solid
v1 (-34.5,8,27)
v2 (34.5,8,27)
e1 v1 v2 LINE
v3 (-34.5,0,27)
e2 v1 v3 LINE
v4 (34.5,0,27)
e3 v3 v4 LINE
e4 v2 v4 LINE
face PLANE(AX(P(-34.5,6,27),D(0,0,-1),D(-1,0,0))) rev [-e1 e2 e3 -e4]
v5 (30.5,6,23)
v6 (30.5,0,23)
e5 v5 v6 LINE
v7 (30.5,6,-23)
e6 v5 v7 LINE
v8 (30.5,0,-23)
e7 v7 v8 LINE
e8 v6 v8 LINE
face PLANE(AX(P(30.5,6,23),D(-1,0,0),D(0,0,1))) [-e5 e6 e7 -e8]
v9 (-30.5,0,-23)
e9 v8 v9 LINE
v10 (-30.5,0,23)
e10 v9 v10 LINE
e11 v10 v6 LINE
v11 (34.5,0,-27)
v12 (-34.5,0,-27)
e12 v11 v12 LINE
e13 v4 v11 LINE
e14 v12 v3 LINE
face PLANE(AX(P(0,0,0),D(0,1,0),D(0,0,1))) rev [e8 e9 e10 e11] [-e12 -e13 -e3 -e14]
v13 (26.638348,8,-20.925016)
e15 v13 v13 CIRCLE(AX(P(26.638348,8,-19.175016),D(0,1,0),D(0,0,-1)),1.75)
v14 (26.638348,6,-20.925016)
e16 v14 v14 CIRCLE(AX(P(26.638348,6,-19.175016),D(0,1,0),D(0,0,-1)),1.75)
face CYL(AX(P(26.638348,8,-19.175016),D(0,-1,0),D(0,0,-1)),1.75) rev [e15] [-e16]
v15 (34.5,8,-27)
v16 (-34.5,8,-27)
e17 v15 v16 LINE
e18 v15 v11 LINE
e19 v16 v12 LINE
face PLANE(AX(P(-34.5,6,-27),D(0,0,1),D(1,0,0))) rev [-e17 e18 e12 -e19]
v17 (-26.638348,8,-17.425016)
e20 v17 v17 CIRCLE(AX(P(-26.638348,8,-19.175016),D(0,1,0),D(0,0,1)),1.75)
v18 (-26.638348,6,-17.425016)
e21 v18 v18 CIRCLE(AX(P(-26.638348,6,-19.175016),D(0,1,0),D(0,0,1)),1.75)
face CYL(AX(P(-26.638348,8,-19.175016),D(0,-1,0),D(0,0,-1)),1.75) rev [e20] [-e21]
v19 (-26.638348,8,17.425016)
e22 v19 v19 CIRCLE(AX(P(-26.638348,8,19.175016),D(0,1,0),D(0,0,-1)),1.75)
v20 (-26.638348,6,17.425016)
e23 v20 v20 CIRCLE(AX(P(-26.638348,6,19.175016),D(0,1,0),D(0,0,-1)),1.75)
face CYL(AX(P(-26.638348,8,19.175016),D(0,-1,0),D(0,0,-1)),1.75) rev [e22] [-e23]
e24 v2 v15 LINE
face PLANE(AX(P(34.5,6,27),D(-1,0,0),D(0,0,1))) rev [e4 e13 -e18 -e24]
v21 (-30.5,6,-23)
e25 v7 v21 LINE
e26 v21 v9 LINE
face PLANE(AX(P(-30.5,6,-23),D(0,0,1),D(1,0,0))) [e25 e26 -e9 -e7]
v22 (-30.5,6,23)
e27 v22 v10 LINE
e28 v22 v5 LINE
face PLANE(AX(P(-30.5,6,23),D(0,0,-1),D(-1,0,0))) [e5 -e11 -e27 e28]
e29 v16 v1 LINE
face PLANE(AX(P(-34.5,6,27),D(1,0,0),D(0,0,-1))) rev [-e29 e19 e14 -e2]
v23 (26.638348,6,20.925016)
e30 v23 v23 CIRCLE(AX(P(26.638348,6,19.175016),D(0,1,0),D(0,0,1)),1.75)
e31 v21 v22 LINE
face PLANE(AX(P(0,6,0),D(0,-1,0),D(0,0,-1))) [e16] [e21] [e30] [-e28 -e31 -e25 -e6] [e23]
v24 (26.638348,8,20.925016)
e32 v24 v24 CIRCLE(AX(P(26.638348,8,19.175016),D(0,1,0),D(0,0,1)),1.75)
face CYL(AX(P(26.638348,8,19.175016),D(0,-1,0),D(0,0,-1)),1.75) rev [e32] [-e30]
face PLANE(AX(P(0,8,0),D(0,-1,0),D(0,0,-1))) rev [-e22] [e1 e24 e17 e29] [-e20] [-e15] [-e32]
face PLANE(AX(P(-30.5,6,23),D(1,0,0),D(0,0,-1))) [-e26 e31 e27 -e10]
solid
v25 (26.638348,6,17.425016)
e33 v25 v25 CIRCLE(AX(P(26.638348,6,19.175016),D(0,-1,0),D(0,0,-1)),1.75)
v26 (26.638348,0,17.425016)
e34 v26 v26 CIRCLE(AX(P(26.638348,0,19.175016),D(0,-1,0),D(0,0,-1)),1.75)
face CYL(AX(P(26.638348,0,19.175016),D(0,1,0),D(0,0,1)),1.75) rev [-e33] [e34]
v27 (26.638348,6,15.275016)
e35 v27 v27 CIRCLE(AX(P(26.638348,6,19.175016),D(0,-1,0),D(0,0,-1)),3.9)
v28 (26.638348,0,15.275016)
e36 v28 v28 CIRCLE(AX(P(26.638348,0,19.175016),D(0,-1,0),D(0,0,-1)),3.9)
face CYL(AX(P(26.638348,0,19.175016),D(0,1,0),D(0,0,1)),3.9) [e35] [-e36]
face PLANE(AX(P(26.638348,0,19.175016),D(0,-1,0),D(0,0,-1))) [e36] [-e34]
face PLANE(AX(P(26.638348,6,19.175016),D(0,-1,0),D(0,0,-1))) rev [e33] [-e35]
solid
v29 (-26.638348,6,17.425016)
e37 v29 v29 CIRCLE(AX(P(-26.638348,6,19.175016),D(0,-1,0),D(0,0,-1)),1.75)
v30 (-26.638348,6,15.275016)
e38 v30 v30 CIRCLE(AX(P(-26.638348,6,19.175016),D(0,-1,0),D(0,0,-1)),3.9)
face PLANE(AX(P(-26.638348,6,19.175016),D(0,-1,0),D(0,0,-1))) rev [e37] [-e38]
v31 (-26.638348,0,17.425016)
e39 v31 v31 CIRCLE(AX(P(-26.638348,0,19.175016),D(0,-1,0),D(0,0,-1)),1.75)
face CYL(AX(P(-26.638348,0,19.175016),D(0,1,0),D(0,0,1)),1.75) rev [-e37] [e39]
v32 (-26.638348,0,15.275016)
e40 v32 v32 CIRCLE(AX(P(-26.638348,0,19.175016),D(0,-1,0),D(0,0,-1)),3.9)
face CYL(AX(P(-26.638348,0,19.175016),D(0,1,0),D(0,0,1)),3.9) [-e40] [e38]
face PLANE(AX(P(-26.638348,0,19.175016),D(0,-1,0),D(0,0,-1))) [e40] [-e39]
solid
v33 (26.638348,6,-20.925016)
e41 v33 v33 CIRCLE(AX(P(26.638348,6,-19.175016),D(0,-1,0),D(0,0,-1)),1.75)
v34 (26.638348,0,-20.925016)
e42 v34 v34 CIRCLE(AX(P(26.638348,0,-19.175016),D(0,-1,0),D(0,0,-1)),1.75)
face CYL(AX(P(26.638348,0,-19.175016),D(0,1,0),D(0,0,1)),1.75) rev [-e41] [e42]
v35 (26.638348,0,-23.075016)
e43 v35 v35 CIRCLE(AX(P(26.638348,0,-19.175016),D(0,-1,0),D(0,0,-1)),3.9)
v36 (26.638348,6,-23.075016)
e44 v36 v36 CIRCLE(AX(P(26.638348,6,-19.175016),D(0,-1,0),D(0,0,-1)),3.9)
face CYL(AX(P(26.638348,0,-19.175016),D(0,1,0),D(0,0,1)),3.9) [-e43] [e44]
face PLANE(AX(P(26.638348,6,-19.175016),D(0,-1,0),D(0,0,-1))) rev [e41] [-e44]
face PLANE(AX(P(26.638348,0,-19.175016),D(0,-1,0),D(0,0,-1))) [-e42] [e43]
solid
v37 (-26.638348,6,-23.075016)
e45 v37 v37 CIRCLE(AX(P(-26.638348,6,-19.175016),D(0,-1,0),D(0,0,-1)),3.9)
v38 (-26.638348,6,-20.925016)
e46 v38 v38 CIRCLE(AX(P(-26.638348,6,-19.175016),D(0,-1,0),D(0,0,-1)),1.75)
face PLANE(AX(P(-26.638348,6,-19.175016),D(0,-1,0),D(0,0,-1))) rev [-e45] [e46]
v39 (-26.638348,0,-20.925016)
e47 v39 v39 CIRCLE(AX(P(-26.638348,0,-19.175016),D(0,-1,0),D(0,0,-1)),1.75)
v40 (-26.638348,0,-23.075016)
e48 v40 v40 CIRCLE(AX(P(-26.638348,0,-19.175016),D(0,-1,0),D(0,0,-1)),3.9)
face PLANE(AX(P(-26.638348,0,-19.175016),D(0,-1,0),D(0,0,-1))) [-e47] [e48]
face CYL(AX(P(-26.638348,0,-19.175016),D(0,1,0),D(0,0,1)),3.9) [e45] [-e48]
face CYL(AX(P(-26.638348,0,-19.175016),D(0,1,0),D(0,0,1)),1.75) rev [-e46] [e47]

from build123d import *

# Parameters (mm, degrees)
SKETCH1_W             = 69
SKETCH1_H             = 54
SKETCH1_W_2           = 61
SKETCH1_H_2           = 46
BOSS_EXTRUDE1_DEPTH   = 6
SKETCH2_W             = 69
SKETCH2_H             = 54
SKETCH2_R             = 1.75
BOSS_EXTRUDE2_DEPTH   = 2
SKETCH3_R             = 3.9
SKETCH3_R_2           = 1.75
BOSS_EXTRUDE5_DEPTH   = 6
BOSS_EXTRUDE5_2_DEPTH = 6
BOSS_EXTRUDE5_3_DEPTH = 6
BOSS_EXTRUDE5_4_DEPTH = 6


with BuildPart() as part:
    # Sketch1 → Boss-Extrude1 (new body)
    with BuildSketch(Plane(origin=(0, 0, 0), x_dir=(1, 0, 0), z_dir=(0, 1, 0))):
        Rectangle(SKETCH1_W, SKETCH1_H)
        Rectangle(SKETCH1_W_2, SKETCH1_H_2, mode=Mode.SUBTRACT)
    extrude(amount=BOSS_EXTRUDE1_DEPTH)

    # Sketch2 → Boss-Extrude2 (add)
    with BuildSketch(Plane(origin=(0, 6, 0), x_dir=(1, 0, 0), z_dir=(0, 1, 0))):
        Rectangle(SKETCH2_W, SKETCH2_H)
        with Locations(Location((-26.638347595, 19.175016295, 0), (0, 0, 270))):
            Circle(SKETCH2_R, mode=Mode.SUBTRACT)
        with Locations(Location((26.638347595, 19.175016295, 0), (0, 0, 90))):
            Circle(SKETCH2_R, mode=Mode.SUBTRACT)
        with Locations(Location((26.638347595, -19.175016295, 0), (0, 0, 270))):
            Circle(SKETCH2_R, mode=Mode.SUBTRACT)
        with Locations(Location((-26.638347595, -19.175016295, 0), (0, 0, 90))):
            Circle(SKETCH2_R, mode=Mode.SUBTRACT)
    extrude(amount=BOSS_EXTRUDE2_DEPTH)


with BuildPart() as body_2:
    # Sketch3 → Boss-Extrude5 (new body)
    with BuildSketch(Plane.XZ.offset(-6)):
        with Locations(Location((-26.638347595, 19.175016295, 0), (0, 0, 270))):
            Circle(SKETCH3_R)
        with Locations(Location((-26.638347595, 19.175016295, 0), (0, 0, 270))):
            Circle(SKETCH3_R_2, mode=Mode.SUBTRACT)
    extrude(amount=BOSS_EXTRUDE5_DEPTH)


with BuildPart() as body_3:
    # Sketch3 → Boss-Extrude5 2 (new body)
    with BuildSketch(Plane.XZ.offset(-6)):
        with Locations(Location((-26.638347595, -19.175016295, 0), (0, 0, 270))):
            Circle(SKETCH3_R)
        with Locations(Location((-26.638347595, -19.175016295, 0), (0, 0, 270))):
            Circle(SKETCH3_R_2, mode=Mode.SUBTRACT)
    extrude(amount=BOSS_EXTRUDE5_2_DEPTH)


with BuildPart() as body_4:
    # Sketch3 → Boss-Extrude5 3 (new body)
    with BuildSketch(Plane.XZ.offset(-6)):
        with Locations(Location((26.638347595, -19.175016295, 0), (0, 0, 270))):
            Circle(SKETCH3_R)
        with Locations(Location((26.638347595, -19.175016295, 0), (0, 0, 270))):
            Circle(SKETCH3_R_2, mode=Mode.SUBTRACT)
    extrude(amount=BOSS_EXTRUDE5_3_DEPTH)


with BuildPart() as body_5:
    # Sketch3 → Boss-Extrude5 4 (new body)
    with BuildSketch(Plane.XZ.offset(-6)):
        with Locations(Location((26.638347595, 19.175016295, 0), (0, 0, 270))):
            Circle(SKETCH3_R)
        with Locations(Location((26.638347595, 19.175016295, 0), (0, 0, 270))):
            Circle(SKETCH3_R_2, mode=Mode.SUBTRACT)
    extrude(amount=BOSS_EXTRUDE5_4_DEPTH)


solid = Compound([part.part, body_2.part, body_3.part, body_4.part, body_5.part])
